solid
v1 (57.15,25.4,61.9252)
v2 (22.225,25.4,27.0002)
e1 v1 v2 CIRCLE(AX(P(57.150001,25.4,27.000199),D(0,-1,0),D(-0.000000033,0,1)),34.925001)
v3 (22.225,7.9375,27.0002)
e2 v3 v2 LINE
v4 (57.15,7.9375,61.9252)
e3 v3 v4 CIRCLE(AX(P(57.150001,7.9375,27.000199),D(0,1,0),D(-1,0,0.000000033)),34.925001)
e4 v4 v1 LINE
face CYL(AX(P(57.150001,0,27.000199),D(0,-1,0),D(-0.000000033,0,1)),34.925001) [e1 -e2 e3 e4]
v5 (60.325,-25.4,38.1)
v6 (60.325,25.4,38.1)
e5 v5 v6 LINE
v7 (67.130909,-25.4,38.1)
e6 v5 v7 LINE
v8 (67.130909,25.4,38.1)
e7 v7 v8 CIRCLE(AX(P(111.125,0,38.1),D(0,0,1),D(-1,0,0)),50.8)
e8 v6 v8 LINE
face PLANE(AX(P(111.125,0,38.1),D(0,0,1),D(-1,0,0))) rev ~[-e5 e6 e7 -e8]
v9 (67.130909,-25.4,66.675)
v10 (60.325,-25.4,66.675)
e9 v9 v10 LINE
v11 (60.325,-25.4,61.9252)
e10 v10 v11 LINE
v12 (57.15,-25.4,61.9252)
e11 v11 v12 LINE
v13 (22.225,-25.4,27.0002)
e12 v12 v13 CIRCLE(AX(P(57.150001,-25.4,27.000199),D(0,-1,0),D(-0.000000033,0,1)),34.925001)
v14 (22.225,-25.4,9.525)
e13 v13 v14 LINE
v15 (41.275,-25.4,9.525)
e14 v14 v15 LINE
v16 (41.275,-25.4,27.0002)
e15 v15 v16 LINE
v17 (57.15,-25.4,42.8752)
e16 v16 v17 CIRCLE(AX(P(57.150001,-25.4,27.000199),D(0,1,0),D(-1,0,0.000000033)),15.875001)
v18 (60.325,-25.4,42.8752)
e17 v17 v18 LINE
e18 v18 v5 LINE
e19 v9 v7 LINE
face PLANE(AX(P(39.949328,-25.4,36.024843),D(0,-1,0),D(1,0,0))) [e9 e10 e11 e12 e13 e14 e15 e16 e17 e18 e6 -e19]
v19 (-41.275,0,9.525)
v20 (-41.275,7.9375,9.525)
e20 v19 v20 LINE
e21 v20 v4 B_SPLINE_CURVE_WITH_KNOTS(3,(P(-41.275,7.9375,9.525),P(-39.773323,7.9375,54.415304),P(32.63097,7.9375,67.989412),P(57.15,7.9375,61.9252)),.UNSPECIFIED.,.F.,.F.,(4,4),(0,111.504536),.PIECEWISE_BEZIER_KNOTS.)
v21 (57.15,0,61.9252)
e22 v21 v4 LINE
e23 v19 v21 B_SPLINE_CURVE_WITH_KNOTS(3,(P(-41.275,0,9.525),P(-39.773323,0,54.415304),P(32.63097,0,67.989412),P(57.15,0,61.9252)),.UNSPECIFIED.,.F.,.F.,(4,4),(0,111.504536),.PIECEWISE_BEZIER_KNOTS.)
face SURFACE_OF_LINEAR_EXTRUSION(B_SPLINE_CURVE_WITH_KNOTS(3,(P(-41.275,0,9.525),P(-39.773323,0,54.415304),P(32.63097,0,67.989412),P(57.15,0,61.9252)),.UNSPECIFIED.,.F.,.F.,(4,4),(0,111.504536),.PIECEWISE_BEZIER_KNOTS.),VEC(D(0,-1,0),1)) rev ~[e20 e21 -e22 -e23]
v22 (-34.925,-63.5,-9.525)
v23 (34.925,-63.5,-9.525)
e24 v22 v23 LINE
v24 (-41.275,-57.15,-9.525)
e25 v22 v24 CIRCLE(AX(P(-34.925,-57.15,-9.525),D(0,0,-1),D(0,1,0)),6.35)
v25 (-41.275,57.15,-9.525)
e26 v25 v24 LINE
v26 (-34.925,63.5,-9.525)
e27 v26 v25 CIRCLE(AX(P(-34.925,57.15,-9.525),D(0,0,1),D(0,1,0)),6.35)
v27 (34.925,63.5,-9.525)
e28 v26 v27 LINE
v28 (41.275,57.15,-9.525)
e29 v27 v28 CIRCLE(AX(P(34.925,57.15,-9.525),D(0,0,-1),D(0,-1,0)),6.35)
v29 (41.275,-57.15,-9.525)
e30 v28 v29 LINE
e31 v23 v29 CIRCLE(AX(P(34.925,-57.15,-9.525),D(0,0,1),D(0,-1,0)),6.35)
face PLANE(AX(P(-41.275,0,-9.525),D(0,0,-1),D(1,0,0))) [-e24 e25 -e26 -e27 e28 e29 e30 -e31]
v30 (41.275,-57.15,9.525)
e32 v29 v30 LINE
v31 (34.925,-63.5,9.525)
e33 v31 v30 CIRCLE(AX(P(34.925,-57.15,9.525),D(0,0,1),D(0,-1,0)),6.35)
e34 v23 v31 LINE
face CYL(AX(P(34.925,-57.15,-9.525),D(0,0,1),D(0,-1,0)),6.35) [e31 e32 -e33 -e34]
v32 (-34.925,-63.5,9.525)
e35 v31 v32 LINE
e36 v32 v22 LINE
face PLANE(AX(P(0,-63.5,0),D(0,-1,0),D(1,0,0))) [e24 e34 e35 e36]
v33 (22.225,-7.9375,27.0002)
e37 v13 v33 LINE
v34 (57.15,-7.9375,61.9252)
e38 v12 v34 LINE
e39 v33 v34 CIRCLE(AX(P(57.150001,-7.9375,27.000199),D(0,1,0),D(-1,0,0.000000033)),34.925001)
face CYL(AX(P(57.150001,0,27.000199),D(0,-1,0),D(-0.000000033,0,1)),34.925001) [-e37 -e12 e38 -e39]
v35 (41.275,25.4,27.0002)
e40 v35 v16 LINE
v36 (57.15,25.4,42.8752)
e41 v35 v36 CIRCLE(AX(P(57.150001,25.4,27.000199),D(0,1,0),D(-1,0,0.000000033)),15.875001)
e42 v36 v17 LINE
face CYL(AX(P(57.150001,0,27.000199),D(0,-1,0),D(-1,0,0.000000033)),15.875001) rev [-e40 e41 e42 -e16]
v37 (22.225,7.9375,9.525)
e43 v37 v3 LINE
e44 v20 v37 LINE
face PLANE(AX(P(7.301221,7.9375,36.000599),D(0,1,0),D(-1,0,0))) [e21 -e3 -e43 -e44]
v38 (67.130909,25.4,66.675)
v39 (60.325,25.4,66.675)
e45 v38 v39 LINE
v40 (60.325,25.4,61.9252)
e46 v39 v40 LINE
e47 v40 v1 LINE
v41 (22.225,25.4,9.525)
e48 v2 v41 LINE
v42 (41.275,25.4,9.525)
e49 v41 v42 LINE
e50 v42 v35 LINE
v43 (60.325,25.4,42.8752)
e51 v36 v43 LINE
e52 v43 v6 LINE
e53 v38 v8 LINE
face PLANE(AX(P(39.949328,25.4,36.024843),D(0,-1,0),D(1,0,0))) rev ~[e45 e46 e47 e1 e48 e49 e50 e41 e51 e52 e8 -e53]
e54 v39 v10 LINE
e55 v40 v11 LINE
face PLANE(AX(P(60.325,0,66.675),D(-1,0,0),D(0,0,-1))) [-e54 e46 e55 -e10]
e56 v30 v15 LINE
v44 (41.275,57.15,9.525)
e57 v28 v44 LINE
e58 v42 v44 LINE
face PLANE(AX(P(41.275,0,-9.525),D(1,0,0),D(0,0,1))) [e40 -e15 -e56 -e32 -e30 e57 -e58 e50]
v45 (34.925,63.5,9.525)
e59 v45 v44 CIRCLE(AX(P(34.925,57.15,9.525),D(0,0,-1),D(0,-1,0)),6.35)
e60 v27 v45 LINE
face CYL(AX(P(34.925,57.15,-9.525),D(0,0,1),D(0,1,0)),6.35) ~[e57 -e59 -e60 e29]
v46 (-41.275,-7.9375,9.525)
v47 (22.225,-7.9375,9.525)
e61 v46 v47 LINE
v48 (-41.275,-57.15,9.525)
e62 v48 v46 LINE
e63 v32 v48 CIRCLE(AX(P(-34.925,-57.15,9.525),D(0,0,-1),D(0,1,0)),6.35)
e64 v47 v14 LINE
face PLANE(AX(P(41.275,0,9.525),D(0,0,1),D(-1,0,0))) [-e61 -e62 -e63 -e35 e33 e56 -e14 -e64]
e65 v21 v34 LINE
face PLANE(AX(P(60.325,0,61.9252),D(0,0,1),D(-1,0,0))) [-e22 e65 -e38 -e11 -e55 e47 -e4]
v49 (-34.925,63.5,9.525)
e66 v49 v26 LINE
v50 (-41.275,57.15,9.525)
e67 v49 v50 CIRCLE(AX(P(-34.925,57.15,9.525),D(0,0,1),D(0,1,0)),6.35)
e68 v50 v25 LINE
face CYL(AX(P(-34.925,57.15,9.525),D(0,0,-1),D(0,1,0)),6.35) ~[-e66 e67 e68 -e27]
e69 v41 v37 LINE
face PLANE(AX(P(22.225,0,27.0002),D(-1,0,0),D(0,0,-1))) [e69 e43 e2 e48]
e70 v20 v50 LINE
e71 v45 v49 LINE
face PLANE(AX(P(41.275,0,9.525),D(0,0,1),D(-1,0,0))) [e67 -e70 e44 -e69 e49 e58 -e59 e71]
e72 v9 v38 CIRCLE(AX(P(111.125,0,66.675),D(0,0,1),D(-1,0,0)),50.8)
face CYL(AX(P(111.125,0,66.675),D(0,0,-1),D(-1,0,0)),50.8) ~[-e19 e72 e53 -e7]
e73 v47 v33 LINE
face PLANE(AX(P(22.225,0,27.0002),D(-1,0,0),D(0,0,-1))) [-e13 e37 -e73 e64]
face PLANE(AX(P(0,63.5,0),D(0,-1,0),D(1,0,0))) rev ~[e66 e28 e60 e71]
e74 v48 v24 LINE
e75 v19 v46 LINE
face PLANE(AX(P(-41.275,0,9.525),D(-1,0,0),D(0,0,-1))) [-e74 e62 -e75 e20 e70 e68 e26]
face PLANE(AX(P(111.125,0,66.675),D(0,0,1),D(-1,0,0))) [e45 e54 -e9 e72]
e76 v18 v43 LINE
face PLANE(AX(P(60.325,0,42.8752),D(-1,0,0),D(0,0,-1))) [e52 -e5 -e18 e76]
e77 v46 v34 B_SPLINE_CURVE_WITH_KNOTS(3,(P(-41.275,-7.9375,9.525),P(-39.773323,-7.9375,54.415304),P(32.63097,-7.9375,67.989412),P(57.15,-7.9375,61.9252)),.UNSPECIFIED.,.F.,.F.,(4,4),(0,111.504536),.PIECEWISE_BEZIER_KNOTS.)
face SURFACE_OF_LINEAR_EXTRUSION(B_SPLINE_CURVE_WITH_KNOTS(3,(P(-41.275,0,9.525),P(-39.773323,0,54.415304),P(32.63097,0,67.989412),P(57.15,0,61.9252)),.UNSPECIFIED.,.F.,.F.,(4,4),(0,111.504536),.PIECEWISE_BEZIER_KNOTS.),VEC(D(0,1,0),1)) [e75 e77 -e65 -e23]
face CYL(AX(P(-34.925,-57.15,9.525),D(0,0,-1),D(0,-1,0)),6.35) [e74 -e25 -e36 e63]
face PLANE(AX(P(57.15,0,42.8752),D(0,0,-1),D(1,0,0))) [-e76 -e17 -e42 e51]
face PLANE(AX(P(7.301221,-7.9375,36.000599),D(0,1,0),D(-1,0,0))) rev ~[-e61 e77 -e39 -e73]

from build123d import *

# Parameters (mm, degrees)
F1_DEPTH = 63.5
F2_DEPTH = 25.4
F3_DEPTH = 7.9375
F5_R     = 6.35


with BuildPart() as f1:
    # F0 (on Front) → F1 (new body, symmetric)
    with BuildSketch(Plane.XZ):
        Polygon((22.225, 9.525), (-41.275, 9.525), (-41.275, -9.525), (41.275, -9.525), (41.275, 9.525), align=None)
    extrude(amount=F1_DEPTH, both=True)

    # F0 (on Front) → F2 (join, symmetric)
    with BuildSketch(Plane.XZ):
        with BuildLine():
            Line((22.225, 27.0002), (22.225, 9.525))
            Line((22.225, 9.525), (41.275, 9.525))
            Line((41.275, 9.525), (41.275, 27.0002))
            ThreePointArc((41.275, 27.0002), (45.92468, 38.22552), (57.15, 42.8752))
            Line((57.15, 42.8752), (60.325, 42.8752))
            Line((60.325, 42.8752), (60.325, 61.9252))
            Line((60.325, 61.9252), (57.15, 61.9252))
            ThreePointArc((57.15, 61.9252), (32.454296, 51.695904), (22.225, 27.0002))
        make_face()
        Polygon((60.325, 66.675), (60.325, 61.9252), (60.325, 42.8752), (60.325, 38.1), (111.125, 38.1), (111.125, 66.675), align=None)
    extrude(amount=F2_DEPTH, both=True)

    # F0 (on Front) → F3 (join, symmetric)
    with BuildSketch(Plane.XZ):
        with BuildLine():
            add(Edge.make_bspline(
                [(-41.275, 9.525), (-39.773323, 54.415304), (32.63097, 67.989412), (57.15, 61.9252)],
                knots=[0, 0, 0, 0, 111.504536, 111.504536, 111.504536, 111.504536], degree=3))
            Line((-41.275, 9.525), (22.225, 9.525))
            Line((22.225, 9.525), (22.225, 27.0002))
            ThreePointArc((22.225, 27.0002), (32.454296, 51.695904), (57.15, 61.9252))
        make_face()
    extrude(amount=F3_DEPTH, both=True)

    # F0 (on Front) → F4 (revolve)
    with BuildSketch(Plane.XZ):
        Polygon((60.325, 66.675), (60.325, 61.9252), (60.325, 42.8752), (60.325, 38.1), (111.125, 38.1), (111.125, 66.675), align=None)
    revolve(axis=Axis((111.125, 0, 52.3875), (0, 0, 1)))

    # F5
    f5_edges = [f1.edges().sort_by_distance(p)[0] for p in [
        (-41.275, -63.5, 0),
        (41.275, -63.5, 0),
        (41.275, 63.5, 0),
        (-41.275, 63.5, 0),
    ]]
    fillet(f5_edges, radius=F5_R)


solid = f1.part
